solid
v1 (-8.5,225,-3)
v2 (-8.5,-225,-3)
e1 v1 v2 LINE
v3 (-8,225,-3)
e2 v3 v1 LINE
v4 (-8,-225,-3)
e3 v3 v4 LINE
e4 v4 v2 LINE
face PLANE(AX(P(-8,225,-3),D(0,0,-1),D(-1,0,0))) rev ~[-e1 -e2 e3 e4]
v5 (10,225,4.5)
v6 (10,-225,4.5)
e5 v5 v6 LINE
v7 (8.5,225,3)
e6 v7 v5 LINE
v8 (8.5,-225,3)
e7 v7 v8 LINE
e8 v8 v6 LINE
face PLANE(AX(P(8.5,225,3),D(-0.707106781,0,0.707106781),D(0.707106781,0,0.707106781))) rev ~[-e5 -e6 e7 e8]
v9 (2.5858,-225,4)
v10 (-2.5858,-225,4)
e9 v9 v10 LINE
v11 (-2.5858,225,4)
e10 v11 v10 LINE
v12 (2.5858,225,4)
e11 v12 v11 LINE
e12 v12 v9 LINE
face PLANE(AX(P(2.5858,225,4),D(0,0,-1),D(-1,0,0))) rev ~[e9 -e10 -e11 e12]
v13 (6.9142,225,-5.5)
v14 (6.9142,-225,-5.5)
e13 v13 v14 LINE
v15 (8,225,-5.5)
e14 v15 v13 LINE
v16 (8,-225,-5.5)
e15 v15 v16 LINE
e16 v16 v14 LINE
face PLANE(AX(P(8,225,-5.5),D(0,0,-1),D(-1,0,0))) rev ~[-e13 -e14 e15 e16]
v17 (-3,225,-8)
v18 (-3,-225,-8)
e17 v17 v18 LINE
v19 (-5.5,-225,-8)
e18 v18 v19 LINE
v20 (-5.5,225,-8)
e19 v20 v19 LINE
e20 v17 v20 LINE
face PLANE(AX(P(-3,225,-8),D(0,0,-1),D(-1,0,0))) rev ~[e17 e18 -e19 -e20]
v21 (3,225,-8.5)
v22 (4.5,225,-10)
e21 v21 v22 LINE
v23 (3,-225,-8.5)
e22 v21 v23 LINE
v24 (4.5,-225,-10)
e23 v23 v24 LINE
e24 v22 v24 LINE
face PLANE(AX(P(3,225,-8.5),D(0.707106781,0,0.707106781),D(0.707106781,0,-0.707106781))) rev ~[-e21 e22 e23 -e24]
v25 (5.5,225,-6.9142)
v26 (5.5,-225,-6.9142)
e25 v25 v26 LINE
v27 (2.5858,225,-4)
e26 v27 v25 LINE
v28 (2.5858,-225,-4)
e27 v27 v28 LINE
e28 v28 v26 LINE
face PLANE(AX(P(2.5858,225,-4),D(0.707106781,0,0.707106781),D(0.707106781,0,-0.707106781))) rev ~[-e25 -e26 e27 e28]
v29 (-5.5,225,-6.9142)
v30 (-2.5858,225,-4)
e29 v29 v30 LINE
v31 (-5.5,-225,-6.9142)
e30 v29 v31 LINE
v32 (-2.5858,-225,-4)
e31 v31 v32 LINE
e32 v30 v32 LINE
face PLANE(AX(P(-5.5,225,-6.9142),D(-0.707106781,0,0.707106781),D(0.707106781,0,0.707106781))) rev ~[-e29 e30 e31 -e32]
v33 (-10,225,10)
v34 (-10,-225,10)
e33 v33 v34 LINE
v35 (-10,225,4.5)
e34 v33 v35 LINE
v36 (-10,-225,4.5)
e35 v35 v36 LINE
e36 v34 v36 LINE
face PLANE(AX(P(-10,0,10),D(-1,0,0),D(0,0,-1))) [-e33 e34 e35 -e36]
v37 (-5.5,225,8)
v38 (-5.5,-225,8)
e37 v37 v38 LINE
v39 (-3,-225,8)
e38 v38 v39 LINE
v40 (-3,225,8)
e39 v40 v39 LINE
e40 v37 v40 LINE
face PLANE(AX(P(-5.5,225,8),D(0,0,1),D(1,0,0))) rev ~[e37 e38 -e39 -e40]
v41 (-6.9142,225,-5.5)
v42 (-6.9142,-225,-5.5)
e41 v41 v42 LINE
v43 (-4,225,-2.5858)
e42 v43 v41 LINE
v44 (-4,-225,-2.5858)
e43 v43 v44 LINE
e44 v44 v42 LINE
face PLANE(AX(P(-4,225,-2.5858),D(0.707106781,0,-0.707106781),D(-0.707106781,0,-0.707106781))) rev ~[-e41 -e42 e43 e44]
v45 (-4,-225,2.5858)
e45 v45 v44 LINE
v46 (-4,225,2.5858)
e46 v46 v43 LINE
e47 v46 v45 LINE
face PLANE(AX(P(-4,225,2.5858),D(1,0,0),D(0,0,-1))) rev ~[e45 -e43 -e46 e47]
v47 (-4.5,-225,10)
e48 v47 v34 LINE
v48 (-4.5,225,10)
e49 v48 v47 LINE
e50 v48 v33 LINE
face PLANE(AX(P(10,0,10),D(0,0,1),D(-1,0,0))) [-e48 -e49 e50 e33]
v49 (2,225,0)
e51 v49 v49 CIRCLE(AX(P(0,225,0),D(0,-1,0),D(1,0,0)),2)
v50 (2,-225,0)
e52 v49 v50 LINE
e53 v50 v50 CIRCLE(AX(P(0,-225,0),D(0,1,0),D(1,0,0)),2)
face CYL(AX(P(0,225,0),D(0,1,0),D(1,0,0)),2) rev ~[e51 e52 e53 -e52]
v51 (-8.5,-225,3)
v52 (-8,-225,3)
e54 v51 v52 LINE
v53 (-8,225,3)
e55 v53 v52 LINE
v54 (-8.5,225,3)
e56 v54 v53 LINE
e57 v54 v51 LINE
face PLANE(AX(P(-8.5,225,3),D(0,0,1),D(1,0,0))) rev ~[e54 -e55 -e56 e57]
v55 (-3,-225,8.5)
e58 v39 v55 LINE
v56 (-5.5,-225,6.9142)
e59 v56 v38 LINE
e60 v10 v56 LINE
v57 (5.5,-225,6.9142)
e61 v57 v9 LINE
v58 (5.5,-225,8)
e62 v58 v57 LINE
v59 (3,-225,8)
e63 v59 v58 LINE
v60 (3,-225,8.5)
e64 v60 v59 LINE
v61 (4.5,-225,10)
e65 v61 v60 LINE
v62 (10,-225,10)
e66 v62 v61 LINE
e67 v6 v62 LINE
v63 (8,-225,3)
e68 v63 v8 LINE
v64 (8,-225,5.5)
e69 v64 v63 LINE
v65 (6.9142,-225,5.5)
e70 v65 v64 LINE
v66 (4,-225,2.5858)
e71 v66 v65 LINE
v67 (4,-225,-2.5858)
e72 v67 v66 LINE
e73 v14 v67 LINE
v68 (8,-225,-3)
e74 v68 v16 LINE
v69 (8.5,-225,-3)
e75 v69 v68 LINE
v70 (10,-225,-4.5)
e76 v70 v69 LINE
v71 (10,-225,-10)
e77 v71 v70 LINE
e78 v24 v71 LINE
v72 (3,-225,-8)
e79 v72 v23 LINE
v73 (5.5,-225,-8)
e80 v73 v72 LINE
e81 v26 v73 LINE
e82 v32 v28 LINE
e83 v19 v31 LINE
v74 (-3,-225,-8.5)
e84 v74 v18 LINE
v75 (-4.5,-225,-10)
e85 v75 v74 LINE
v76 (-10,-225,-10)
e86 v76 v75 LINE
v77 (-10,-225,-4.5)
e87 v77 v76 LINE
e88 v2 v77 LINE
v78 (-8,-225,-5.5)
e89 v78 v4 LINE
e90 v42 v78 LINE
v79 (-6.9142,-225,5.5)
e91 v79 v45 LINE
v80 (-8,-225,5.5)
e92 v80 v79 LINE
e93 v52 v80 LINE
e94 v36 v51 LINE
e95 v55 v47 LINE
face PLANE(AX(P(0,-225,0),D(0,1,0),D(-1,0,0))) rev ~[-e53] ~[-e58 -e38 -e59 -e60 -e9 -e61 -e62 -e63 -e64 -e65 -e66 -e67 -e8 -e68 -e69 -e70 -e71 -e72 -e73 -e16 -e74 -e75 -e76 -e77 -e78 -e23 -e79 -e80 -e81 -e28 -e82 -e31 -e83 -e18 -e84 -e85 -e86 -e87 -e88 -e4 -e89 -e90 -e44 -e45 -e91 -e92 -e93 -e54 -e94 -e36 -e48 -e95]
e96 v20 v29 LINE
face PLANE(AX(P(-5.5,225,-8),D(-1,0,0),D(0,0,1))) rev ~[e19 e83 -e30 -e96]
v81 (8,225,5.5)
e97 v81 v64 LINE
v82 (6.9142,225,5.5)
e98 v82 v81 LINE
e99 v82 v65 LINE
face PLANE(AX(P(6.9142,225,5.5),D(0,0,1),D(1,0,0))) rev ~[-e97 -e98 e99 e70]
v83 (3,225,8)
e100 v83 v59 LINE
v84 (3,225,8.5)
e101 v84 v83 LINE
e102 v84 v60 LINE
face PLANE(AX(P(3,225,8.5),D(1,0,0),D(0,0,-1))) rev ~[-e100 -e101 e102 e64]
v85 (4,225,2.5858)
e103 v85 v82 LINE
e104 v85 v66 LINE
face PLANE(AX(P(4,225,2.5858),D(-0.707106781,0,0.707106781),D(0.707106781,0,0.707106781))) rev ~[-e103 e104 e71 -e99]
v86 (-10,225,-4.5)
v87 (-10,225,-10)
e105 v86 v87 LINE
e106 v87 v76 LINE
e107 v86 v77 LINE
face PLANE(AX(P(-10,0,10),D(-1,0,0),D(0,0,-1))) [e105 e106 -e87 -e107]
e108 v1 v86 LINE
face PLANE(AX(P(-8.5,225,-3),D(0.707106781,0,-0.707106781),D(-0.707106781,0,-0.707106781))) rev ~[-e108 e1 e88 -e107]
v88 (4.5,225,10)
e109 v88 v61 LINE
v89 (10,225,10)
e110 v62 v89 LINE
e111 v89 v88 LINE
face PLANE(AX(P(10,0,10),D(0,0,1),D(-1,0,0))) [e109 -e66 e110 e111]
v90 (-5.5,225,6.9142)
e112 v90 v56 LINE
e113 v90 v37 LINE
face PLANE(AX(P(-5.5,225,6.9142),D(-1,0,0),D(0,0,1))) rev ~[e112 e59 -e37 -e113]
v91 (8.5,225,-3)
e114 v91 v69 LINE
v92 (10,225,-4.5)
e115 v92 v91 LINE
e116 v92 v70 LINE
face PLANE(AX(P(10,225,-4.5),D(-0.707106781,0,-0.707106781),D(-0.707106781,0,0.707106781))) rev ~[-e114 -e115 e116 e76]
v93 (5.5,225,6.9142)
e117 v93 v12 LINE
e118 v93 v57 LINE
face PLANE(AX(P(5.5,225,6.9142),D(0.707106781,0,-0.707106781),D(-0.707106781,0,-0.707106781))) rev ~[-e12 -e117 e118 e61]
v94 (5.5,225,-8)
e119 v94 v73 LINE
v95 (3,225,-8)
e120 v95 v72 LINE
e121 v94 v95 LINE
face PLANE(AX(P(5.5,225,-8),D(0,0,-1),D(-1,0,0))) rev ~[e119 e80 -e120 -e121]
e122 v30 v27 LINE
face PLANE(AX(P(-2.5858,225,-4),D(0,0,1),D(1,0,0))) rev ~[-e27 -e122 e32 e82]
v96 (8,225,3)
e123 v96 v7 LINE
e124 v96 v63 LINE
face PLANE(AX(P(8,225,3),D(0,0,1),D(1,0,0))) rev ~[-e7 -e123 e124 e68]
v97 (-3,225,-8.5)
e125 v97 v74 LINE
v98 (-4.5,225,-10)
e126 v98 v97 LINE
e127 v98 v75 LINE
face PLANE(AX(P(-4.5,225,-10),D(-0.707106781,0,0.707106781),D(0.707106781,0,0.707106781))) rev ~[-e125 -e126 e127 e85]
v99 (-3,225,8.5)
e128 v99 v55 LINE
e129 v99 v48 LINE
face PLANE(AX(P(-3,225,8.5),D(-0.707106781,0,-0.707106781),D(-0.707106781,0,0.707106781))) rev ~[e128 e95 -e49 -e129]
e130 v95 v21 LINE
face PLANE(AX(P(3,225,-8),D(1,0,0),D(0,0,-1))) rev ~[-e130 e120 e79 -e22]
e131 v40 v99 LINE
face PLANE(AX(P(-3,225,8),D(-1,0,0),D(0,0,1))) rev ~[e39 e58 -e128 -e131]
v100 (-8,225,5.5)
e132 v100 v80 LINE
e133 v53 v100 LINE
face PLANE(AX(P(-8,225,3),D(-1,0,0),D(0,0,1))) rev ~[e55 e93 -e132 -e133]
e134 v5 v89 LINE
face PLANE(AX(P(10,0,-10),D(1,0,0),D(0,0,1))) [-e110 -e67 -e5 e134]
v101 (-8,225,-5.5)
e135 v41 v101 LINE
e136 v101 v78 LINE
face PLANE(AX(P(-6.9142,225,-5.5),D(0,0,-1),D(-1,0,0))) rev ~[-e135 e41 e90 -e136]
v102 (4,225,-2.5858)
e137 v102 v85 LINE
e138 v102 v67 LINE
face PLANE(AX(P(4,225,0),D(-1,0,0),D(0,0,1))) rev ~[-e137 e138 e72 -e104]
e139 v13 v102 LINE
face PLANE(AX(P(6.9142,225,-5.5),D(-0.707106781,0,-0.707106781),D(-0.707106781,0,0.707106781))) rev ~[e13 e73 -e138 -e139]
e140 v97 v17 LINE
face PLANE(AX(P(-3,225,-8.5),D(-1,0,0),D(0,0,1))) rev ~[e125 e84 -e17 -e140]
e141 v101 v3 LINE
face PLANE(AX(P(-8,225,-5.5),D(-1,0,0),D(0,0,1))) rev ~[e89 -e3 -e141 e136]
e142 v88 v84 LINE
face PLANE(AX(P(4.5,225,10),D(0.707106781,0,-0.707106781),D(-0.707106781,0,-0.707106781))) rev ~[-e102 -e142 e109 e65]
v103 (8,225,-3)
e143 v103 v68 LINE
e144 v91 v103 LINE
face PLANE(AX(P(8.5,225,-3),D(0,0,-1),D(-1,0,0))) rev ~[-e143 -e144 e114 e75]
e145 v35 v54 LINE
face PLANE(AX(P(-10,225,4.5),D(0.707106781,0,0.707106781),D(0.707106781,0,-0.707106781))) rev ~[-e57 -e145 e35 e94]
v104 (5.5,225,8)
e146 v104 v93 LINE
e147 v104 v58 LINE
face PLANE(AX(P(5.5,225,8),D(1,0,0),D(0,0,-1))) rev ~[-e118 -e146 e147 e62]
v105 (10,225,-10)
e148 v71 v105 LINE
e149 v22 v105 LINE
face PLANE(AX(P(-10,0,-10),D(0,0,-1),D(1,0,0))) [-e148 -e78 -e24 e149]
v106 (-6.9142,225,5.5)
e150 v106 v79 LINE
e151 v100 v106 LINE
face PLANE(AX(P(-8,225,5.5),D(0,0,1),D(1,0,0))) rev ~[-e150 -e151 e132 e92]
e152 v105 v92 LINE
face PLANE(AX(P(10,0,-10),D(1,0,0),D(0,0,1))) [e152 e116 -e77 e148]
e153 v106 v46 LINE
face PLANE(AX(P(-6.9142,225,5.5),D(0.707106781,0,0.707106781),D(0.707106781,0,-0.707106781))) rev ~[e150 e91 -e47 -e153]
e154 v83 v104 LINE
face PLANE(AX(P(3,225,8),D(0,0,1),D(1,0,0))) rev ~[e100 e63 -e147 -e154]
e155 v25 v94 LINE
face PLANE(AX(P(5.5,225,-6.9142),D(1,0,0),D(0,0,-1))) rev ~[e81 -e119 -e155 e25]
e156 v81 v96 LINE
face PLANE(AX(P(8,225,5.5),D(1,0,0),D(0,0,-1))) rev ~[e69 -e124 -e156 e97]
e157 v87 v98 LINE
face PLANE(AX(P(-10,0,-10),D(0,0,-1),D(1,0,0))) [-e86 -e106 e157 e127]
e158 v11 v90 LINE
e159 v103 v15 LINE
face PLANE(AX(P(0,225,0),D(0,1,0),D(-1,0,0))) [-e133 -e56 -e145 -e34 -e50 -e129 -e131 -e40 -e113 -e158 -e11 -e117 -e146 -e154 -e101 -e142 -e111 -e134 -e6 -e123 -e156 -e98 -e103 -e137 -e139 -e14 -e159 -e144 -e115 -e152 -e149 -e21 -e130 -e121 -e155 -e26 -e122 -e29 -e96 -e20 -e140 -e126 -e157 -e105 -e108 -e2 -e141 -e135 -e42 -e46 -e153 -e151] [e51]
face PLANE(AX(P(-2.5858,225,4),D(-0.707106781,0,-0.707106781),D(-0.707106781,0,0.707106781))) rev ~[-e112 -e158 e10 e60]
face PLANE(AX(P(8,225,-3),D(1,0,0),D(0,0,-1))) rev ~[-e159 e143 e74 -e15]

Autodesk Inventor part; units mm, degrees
ref_plane "YZ Plane" through (0, 0, 0) normal (1, 0, 0) x (0, 1, 0)
ref_plane "XZ Plane" through (0, 0, 0) normal (0, 1, 0) x (-1, 0, 0)
ref_plane "XY Plane" through (0, 0, 0) normal (0, 0, 1) x (1, 0, 0)
sketch "Skizze1" plane through (0, 0, 0) normal (0, 1, 0) x (-1, 0, 0)
  line L0 (-10, 10) -> (10, 10)
  line L1 (10, 10) -> (10, -10)
  line L2 (10, -10) -> (-10, -10)
  line L3 (-10, -10) -> (-10, 10)
  line L4 (-10, 10) -> (10, -10) construction
  line L5 (10, 10) -> (-10, -10) construction
  point P0 (0, 0)
  point P1 (0, 0)
  point P2 (0, 0)
  dimension "d5" = 20
  dimension "d6" = 20
extrude "Extrusion1" add sketch "Skizze1" along normal mid plane 450
sketch "Skizze2" plane through (0, 225, 0) normal (0, 1, 0) x (1, 0, 0)
  line L0 (-10, -10) -> (10, -10) projected
  line L1 (10, -10) -> (10, 10) projected
  line L2 (10, 10) -> (-10, 10) projected
  line L3 (-10, 10) -> (-10, -10) projected
  line L4 (-10, 10) -> (-10, -10) projected
  line L5 (-10, -4.5) -> (-8.5, -3)
  line L6 (-8.5, -3) -> (-8, -3)
  line L7 (-8, -3) -> (-8, -5.5)
  line L8 (-8, -5.5) -> (-6.9142, -5.5)
  line L9 (-6.9142, -5.5) -> (-4, -2.5858)
  line L10 (-4, -2.5858) -> (-4, 2.5858)
  line L11 (-4, 2.5858) -> (-6.9142, 5.5)
  line L12 (-6.9142, 5.5) -> (-8, 5.5)
  line L13 (-8, 5.5) -> (-8, 3)
  line L14 (-8, 3) -> (-8.5, 3)
  line L15 (-8.5, 3) -> (-10, 4.5)
  line L16 (-10, -4.5) -> (-10, 4.5)
  line L17 (-5.5, 6.9142) -> (-2.5858, 4)
  line L18 (-2.5858, 4) -> (2.5858, 4)
  line L19 (-5.5, 8) -> (-5.5, 6.9142)
  line L20 (-3, 8) -> (-5.5, 8)
  line L21 (-3, 8.5) -> (-3, 8)
  line L22 (2.5858, 4) -> (5.5, 6.9142)
  line L23 (3, 8) -> (3, 8.5)
  line L24 (-4.5, 10) -> (-3, 8.5)
  line L25 (5.5, 8) -> (3, 8)
  line L26 (5.5, 6.9142) -> (5.5, 8)
  line L27 (3, 8.5) -> (4.5, 10)
  line L28 (-4.5, 10) -> (4.5, 10)
  line L29 (6.9142, 5.5) -> (4, 2.5858)
  line L30 (4, 2.5858) -> (4, -2.5858)
  line L31 (8, 5.5) -> (6.9142, 5.5)
  line L32 (8, 3) -> (8, 5.5)
  line L33 (8.5, 3) -> (8, 3)
  line L34 (4, -2.5858) -> (6.9142, -5.5)
  line L35 (8, -3) -> (8.5, -3)
  line L36 (10, 4.5) -> (8.5, 3)
  line L37 (8, -5.5) -> (8, -3)
  line L38 (6.9142, -5.5) -> (8, -5.5)
  line L39 (8.5, -3) -> (10, -4.5)
  line L40 (10, 4.5) -> (10, -4.5)
  line L41 (5.5, -6.9142) -> (2.5858, -4)
  line L42 (2.5858, -4) -> (-2.5858, -4)
  line L43 (5.5, -8) -> (5.5, -6.9142)
  line L44 (3, -8) -> (5.5, -8)
  line L45 (3, -8.5) -> (3, -8)
  line L46 (-2.5858, -4) -> (-5.5, -6.9142)
  line L47 (-3, -8) -> (-3, -8.5)
  line L48 (4.5, -10) -> (3, -8.5)
  line L49 (-5.5, -8) -> (-3, -8)
  line L50 (-5.5, -6.9142) -> (-5.5, -8)
  line L51 (-3, -8.5) -> (-4.5, -10)
  line L52 (4.5, -10) -> (-4.5, -10)
  line L53 (-14, 0) -> (14, 0) projected
  circle A0 centre (0, 0) radius 2
  dimension "d9" = 360
  dimension "d13" = 8
  dimension "d14" = 2
  dimension "d15" = 2
  dimension "d16" = 9
  dimension "d17" = 6
  dimension "d18" = 11
  dimension "d19" = 4
extrude "Extrusion2" cut sketch "Skizze2" along normal through all both and the other way through all contours L51 L47 L49 L50 L46 L42 L41 L43 L44 L45 L48 L0 | L3 L53 L10 L9 L8 L7 L6 L5 | L3 L15 L14 L13 L12 L11 L10 L53 | L39 L35 L37 L38 L34 L30 L53 L1 | A0 L53 | L53 A0 | L53 L30 L29 L31 L32 L33 L36 L1 | L2 L27 L23 L25 L26 L22 L18 L17 L19 L20 L21 L24
properties part number "Schlitten_Profil" material "Aluminium"
